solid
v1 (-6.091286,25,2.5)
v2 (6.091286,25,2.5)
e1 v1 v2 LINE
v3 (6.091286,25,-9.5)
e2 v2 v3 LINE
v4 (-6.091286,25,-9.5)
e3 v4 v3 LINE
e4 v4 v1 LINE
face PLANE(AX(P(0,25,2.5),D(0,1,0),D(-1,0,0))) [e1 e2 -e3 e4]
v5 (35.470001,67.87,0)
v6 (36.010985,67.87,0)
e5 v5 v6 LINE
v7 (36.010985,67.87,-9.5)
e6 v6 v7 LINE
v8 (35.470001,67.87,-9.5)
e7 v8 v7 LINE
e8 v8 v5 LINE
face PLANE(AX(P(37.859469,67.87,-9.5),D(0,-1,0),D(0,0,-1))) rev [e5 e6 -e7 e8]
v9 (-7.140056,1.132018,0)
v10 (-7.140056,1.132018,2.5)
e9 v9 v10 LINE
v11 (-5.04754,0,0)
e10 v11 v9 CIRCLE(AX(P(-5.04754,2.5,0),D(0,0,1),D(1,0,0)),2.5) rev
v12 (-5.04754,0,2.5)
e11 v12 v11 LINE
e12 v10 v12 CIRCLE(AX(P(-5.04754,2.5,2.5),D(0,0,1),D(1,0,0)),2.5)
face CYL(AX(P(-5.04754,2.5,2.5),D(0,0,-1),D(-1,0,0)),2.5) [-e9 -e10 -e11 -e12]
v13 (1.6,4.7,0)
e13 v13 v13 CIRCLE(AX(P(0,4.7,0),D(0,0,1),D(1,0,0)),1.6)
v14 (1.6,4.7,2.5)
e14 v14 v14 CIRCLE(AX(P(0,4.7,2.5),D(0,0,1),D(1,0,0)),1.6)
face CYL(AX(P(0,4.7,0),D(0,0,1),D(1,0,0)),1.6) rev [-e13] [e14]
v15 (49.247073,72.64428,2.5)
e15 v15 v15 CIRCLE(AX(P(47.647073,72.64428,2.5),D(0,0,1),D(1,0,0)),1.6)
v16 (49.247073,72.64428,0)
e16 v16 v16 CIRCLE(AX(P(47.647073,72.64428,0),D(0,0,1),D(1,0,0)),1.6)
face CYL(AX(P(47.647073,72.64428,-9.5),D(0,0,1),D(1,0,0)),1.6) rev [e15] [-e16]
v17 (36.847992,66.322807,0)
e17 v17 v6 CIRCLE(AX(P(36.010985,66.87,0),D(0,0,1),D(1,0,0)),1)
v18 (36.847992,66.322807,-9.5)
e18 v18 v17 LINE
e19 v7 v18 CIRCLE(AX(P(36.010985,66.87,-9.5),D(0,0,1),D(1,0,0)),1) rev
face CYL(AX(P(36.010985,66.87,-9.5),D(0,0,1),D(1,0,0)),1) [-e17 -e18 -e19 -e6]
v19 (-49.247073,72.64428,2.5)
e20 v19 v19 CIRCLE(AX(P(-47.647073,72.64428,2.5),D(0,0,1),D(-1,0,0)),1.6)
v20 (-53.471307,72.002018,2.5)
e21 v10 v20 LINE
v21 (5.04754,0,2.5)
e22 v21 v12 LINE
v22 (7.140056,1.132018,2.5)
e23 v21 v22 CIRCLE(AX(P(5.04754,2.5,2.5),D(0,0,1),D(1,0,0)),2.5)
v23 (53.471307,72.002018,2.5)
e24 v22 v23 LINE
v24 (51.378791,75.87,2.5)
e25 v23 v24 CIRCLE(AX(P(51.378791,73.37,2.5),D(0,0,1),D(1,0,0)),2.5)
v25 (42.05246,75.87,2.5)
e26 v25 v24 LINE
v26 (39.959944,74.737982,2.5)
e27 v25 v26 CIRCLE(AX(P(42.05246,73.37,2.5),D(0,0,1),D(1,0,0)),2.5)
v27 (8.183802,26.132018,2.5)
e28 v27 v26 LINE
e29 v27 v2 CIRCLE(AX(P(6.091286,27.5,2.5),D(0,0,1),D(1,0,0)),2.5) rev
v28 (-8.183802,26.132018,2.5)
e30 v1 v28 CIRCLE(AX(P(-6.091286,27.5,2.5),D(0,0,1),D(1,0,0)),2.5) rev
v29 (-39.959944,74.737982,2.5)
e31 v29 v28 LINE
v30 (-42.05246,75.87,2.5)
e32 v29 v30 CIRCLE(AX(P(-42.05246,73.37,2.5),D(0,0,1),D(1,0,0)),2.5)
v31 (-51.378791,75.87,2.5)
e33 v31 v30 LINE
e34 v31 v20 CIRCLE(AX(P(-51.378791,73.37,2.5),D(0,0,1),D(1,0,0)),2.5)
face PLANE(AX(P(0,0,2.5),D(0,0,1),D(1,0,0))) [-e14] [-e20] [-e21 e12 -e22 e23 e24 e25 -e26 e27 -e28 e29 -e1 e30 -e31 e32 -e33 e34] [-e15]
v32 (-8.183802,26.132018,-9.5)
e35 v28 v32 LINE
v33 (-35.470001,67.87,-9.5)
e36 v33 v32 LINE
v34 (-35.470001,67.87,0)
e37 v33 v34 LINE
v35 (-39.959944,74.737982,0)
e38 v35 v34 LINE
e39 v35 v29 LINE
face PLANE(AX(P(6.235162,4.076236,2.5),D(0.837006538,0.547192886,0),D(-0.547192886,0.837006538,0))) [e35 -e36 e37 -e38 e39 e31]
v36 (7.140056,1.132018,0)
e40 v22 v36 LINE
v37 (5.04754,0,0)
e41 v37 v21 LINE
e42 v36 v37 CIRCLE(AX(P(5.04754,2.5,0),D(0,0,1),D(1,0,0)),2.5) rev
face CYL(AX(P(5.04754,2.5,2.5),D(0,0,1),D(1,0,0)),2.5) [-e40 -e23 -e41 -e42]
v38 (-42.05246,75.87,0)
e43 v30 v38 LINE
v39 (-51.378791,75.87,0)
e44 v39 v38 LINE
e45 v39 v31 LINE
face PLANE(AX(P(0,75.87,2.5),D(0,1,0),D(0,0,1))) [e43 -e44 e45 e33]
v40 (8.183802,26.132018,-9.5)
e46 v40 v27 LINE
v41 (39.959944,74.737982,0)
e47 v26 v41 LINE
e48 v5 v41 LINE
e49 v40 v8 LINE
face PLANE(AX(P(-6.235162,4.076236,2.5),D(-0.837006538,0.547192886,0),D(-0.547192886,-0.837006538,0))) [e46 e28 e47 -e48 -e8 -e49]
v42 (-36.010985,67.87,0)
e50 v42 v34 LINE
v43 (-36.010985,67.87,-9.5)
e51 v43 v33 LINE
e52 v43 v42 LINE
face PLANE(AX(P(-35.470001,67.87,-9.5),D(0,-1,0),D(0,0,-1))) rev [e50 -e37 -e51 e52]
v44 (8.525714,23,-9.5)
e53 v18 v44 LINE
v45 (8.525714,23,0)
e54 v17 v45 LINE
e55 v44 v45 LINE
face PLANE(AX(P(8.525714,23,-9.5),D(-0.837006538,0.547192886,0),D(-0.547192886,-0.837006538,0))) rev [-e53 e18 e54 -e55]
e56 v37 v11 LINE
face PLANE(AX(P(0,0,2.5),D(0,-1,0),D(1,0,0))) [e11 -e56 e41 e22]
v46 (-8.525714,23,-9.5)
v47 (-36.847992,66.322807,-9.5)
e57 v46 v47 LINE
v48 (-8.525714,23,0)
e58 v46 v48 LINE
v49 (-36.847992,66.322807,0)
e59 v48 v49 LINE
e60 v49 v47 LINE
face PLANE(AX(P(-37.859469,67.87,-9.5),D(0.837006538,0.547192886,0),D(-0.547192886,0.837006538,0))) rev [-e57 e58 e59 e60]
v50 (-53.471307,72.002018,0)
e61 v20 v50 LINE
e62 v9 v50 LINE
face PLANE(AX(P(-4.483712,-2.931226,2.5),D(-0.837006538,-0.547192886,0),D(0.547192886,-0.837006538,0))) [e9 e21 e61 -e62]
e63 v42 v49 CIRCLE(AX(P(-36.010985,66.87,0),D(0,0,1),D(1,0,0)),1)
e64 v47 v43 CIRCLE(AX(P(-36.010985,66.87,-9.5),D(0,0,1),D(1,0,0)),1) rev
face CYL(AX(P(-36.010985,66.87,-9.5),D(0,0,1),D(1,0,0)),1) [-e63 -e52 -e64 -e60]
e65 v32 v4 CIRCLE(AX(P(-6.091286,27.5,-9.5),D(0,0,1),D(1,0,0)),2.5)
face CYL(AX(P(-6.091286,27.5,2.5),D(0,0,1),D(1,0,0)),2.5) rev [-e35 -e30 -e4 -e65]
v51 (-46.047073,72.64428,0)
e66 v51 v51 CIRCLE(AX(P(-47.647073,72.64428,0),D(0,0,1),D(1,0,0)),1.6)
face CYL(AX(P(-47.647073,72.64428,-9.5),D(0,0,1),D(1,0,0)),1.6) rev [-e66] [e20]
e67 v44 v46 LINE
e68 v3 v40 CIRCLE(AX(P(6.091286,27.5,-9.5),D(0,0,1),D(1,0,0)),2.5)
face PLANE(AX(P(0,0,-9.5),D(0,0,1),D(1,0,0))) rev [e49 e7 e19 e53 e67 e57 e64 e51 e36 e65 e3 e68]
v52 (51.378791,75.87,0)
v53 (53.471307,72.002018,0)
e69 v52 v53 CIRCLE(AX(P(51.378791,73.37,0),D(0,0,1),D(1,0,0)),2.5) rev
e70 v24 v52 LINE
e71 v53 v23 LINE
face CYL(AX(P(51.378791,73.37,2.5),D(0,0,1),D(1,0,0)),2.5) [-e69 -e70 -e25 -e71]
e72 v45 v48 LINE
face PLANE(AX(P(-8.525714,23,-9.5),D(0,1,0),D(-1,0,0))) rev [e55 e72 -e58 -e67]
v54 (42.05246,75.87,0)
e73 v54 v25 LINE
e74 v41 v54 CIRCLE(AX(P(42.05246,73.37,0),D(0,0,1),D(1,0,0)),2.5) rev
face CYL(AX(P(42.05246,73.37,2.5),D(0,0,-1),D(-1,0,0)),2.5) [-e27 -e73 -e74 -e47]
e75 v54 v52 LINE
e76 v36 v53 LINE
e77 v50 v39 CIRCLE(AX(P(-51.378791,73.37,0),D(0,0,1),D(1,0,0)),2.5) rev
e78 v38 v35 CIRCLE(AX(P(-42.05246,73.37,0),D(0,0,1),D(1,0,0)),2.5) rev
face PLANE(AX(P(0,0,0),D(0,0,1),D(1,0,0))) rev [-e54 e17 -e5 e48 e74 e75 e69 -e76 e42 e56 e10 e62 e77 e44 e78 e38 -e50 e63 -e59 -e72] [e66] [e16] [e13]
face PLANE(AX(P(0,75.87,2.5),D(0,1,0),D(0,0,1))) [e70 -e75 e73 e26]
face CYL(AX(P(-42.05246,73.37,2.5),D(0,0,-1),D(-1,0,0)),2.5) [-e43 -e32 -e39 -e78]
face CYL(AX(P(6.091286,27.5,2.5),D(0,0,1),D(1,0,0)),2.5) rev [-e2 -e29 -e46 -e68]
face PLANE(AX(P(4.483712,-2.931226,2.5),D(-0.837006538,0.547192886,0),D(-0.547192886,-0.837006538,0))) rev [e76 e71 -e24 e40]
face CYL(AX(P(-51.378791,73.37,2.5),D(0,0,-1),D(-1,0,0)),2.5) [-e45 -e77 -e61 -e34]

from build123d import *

# Parameters (mm, degrees)
BOSS_EXTRU_1_DEPTH      = 2.5
ESQUISSE2_R             = 1.6
ENL_V_MAT_EXTRU_1_DEPTH = 3.5
BOSS_EXTRU_2_DEPTH      = 9.5
CONG_2_R                = 1
CONG_1_R                = 2.5
ESQUISSE4_R             = 1.6
ENL_V_MAT_EXTRU_2_DEPTH = 13


with BuildPart() as part:
    # Esquisse1 → Boss.-Extru.1 (new body)
    with BuildSketch(Plane.XY):
        Polygon((-6.4, 0), (6.11755814, 0), (6.4, 0), (56, 75.87), (40.7, 75.87), (7.443745881, 25), (-7.443745881, 25), (-40.7, 75.87), (-56, 75.87), align=None)
    extrude(amount=BOSS_EXTRU_1_DEPTH)

    # Esquisse2 → Enlèv. mat.-Extru.1 (cut, through all)
    with BuildSketch(Plane.XY.offset(2.5)):
        with Locations((0, 4.7)):
            Circle(ESQUISSE2_R)
    extrude(amount=-ENL_V_MAT_EXTRU_1_DEPTH, mode=Mode.SUBTRACT)

    # Esquisse3 → Boss.-Extru.2 (add)
    with BuildSketch(Plane(origin=(0, 0, 0), x_dir=(-1, 0, 0), z_dir=(0, 0, -1))):
        Polygon((-35.470001318, 67.87), (-7.443745881, 25), (7.443745881, 25), (35.470001318, 67.87), (37.859468913, 67.87), (8.525713806, 23), (-8.525713806, 23), (-37.859468913, 67.87), align=None)
    extrude(amount=BOSS_EXTRU_2_DEPTH)

    # Congé2
    cong_2_edges = [part.edges().sort_by_distance(p)[0] for p in [
        (37.859468913, 67.87, -4.75),
        (-37.859468913, 67.87, -4.75),
    ]]
    fillet(cong_2_edges, radius=CONG_2_R)

    # Congé1
    cong_1_edges = [part.edges().sort_by_distance(p)[0] for p in [
        (56, 75.87, 1.25),
        (6.4, 0, 1.25),
        (-6.4, 0, 1.25),
        (-56, 75.87, 1.25),
        (-40.7, 75.87, 1.25),
        (-7.443745881, 25, -3.5),
        (7.443745881, 25, -3.5),
        (40.7, 75.87, 1.25),
    ]]
    fillet(cong_1_edges, radius=CONG_1_R)

    # Esquisse4 → Enlèv. mat.-Extru.2 (cut, through all)
    with BuildSketch(Plane.XY.offset(2.5)):
        with Locations((47.647073462, 72.644280098)):
            Circle(ESQUISSE4_R)
        with Locations((-47.647073462, 72.644280098)):
            Circle(ESQUISSE4_R)
    extrude(amount=-ENL_V_MAT_EXTRU_2_DEPTH, mode=Mode.SUBTRACT)


solid = part.part
